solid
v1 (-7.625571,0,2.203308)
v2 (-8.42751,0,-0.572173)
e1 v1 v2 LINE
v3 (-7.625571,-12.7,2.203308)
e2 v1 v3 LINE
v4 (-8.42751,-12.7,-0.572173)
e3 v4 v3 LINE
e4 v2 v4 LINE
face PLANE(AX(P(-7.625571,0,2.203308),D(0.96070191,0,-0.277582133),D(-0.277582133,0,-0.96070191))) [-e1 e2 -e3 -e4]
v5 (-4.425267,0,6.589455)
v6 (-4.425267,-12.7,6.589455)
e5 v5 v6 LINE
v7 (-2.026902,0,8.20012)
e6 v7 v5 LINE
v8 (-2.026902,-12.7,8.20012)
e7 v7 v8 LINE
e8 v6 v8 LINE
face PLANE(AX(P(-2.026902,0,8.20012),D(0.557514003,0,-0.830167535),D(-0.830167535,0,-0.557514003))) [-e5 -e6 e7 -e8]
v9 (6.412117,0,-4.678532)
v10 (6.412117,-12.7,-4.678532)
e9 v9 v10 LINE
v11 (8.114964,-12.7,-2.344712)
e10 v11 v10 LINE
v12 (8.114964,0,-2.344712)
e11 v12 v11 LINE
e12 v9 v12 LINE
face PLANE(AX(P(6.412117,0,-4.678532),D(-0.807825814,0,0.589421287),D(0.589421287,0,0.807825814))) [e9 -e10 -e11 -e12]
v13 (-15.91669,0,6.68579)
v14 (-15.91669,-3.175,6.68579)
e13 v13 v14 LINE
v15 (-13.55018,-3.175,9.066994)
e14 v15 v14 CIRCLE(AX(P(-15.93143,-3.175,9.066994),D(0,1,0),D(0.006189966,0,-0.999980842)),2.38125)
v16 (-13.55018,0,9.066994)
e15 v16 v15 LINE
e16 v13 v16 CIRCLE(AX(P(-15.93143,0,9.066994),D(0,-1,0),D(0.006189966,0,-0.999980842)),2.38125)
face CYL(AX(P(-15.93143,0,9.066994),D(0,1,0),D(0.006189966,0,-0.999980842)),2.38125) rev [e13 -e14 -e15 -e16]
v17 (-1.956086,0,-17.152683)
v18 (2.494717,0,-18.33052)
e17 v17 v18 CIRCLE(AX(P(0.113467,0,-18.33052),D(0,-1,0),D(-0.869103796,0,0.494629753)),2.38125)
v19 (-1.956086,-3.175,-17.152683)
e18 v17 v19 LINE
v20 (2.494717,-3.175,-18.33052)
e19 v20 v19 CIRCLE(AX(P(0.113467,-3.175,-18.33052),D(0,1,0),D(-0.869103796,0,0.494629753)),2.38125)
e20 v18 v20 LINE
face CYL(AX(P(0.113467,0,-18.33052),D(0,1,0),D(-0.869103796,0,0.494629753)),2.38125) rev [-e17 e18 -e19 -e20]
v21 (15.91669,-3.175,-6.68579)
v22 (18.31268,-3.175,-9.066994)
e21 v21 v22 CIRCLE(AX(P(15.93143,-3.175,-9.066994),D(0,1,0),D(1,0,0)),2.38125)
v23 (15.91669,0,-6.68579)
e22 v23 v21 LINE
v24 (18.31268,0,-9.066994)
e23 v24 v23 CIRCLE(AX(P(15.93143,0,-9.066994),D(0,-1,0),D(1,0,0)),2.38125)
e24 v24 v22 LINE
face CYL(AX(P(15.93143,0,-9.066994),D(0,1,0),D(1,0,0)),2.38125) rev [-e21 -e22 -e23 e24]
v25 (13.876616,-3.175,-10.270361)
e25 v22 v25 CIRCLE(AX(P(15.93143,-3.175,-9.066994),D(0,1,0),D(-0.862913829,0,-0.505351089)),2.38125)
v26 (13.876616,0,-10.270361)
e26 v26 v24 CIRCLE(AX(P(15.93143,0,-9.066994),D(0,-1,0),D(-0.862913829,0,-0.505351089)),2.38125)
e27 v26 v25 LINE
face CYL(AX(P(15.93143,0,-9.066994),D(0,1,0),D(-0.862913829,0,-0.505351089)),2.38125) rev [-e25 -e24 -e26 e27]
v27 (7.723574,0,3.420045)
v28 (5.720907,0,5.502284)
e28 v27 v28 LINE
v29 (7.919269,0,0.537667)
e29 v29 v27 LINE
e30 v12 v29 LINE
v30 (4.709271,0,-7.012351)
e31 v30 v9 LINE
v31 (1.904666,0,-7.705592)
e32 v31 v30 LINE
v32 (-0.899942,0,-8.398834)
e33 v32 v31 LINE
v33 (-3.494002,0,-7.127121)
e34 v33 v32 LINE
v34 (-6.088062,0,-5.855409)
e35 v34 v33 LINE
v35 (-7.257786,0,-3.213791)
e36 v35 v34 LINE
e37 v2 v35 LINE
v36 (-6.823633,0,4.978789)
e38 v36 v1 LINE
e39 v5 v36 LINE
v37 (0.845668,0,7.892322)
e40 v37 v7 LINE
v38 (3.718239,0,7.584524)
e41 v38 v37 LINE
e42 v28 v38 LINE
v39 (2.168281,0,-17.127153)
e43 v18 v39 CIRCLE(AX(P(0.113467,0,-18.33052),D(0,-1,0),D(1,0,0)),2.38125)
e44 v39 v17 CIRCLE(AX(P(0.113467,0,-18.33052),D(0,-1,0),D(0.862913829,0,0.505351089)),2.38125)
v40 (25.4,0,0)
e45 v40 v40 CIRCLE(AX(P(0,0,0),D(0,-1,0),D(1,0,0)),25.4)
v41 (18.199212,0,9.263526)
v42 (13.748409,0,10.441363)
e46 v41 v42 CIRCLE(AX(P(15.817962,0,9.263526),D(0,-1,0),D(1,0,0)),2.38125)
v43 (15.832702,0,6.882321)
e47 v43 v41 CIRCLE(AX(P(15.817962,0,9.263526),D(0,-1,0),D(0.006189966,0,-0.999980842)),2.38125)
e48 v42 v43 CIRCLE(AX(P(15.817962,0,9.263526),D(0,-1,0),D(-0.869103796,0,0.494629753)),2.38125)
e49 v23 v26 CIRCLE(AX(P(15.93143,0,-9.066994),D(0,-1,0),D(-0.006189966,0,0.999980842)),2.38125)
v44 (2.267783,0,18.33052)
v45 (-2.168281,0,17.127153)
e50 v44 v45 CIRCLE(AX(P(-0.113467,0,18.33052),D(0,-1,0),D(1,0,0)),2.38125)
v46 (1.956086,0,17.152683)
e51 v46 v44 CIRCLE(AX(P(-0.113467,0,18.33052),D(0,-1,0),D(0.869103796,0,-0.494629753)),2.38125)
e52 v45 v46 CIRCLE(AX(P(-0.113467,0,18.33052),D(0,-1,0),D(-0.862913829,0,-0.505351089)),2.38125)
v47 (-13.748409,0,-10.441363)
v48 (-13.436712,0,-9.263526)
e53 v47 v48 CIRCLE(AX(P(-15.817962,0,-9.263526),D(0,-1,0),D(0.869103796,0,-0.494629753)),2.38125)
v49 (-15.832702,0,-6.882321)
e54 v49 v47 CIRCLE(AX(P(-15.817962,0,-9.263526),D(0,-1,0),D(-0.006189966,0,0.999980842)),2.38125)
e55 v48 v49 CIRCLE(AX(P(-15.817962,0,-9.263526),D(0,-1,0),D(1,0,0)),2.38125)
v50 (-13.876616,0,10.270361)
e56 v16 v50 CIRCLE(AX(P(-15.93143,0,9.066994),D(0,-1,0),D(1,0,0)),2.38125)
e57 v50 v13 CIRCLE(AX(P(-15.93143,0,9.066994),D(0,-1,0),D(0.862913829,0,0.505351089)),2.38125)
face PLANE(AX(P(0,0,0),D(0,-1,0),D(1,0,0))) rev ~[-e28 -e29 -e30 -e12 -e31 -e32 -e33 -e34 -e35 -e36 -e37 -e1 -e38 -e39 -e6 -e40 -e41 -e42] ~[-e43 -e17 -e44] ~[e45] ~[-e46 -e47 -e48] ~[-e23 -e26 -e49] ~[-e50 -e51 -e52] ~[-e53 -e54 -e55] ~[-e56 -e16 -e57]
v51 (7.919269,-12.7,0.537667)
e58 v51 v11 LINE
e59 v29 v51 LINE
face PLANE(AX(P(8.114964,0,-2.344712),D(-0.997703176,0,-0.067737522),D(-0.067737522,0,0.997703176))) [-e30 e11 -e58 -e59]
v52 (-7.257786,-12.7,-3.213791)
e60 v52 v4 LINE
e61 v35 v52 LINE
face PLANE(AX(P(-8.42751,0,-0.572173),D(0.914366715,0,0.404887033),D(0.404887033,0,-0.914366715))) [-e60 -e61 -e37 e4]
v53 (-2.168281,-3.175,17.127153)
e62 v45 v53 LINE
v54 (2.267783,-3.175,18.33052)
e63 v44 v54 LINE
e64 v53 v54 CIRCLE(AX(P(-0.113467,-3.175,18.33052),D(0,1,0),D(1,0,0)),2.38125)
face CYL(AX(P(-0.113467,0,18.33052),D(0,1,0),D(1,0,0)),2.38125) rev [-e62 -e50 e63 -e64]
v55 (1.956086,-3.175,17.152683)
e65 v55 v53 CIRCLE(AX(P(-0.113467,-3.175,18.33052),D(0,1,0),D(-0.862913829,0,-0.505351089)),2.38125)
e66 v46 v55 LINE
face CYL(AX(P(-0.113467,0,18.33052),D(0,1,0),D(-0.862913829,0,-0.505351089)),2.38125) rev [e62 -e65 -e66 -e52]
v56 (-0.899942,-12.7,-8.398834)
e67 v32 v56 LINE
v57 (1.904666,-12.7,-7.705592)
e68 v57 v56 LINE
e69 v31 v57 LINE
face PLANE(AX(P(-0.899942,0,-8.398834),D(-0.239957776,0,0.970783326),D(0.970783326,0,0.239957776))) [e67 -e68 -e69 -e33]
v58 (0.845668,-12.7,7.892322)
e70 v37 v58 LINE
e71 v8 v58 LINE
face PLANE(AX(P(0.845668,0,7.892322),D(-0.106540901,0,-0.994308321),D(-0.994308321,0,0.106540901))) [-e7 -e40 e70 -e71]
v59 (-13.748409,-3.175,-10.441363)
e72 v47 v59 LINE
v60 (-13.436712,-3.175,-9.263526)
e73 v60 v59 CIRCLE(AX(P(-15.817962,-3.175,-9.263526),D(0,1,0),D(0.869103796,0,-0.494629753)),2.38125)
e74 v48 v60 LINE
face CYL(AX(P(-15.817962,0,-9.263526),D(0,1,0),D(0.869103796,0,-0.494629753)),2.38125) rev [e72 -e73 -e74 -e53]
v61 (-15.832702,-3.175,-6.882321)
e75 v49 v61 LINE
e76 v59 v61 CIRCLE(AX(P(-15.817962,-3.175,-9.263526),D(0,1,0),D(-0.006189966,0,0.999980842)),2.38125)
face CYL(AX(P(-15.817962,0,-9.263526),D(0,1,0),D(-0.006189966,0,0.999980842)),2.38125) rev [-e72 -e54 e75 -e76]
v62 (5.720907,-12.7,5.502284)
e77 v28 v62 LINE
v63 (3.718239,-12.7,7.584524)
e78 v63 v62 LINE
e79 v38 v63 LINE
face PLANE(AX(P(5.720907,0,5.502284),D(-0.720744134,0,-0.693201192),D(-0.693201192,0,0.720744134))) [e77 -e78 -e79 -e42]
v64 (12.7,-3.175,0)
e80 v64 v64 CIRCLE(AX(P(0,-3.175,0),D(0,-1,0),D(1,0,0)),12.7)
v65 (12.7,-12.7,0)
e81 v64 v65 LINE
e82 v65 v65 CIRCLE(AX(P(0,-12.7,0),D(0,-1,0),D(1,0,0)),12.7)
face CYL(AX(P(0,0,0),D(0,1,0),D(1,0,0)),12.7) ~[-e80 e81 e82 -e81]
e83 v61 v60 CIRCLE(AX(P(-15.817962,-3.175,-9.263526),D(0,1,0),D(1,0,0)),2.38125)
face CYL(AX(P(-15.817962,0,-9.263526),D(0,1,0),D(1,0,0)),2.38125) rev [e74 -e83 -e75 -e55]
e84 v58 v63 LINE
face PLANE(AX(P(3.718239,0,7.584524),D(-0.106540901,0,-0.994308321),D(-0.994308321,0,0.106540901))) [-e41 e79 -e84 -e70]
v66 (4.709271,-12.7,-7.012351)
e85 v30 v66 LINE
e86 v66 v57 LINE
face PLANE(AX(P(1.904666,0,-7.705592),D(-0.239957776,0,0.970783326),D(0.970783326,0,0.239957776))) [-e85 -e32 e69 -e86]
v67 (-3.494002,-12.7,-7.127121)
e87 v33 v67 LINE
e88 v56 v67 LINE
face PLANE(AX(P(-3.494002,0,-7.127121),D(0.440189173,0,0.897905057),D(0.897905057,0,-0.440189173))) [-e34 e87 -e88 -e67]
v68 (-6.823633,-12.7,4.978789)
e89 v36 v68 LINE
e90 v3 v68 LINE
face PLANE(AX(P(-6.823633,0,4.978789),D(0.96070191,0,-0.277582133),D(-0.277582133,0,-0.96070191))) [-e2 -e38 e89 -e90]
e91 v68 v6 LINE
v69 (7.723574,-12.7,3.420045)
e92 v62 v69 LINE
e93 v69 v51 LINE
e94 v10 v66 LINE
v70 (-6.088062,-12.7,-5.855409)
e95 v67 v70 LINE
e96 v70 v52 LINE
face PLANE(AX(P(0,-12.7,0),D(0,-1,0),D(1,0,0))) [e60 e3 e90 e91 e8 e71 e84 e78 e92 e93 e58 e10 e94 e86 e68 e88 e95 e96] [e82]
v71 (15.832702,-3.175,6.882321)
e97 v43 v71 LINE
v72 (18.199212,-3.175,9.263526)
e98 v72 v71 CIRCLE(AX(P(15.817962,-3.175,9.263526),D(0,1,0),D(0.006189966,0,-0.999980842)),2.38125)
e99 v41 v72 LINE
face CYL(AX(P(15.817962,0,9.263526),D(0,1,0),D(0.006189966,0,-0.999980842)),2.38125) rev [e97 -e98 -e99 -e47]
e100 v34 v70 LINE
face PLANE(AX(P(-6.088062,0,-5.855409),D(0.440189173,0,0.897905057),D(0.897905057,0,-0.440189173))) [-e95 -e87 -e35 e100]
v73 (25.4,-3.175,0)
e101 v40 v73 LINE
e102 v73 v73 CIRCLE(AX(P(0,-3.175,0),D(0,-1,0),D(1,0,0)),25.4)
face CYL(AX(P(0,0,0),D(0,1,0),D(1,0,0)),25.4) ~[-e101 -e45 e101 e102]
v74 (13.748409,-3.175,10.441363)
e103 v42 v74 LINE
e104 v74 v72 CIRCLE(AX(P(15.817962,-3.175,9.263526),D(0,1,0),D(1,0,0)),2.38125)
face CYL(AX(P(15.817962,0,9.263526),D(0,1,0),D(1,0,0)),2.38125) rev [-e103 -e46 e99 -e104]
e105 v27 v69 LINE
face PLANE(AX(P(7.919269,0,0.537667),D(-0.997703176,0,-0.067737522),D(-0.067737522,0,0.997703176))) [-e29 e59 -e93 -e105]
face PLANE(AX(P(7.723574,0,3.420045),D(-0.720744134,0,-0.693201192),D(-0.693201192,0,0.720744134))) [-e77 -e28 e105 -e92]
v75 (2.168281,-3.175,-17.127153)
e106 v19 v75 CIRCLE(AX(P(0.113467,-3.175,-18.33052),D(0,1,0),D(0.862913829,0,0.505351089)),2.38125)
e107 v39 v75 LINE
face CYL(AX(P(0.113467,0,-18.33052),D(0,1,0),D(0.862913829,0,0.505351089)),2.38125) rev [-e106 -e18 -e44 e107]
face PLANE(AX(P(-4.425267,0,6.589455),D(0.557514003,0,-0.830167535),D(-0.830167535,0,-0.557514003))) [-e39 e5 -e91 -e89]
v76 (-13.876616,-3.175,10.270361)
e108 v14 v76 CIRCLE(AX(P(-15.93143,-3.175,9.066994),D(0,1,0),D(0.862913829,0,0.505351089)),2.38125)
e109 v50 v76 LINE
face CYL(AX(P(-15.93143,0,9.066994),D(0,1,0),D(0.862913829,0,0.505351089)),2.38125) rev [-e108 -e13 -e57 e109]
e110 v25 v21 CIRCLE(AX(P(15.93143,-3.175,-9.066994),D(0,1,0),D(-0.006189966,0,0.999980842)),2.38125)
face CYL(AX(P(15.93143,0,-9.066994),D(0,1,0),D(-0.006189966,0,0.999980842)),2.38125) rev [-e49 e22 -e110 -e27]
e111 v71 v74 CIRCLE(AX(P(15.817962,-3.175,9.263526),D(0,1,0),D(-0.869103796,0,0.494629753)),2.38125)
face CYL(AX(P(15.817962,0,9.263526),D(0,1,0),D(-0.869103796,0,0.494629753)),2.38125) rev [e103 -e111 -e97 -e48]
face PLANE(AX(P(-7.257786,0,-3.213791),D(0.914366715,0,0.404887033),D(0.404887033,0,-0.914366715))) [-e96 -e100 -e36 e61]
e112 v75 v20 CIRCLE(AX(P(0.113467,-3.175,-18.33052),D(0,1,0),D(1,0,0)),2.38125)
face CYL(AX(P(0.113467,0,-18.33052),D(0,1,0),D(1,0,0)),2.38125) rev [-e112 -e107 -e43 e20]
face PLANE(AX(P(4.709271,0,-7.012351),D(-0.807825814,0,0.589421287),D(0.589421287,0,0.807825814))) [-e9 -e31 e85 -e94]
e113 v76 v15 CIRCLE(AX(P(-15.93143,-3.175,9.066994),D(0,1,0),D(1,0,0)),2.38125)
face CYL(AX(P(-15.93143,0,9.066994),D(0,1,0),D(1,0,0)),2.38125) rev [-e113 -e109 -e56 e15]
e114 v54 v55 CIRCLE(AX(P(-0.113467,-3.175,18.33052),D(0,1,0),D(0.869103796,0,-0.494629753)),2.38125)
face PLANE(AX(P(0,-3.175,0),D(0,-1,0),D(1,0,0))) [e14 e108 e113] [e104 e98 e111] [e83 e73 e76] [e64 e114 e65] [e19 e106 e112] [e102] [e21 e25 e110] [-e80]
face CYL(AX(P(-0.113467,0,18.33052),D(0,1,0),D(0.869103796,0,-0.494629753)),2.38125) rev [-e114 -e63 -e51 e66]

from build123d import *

# Parameters (mm, degrees)
F0_R     = 25.4
F0_R_2   = 12.7
F1_DEPTH = 3.175
F2_R     = 12.7
F3_DEPTH = 12.7
F4_R     = 7.9375
F5_DEPTH = 76.2
F7_DEPTH = 25.4
F9_DEPTH = 50.8


with BuildPart() as f1:
    # F0 (on Front) → F1 (new body)
    with BuildSketch(Plane.XZ):
        Circle(F0_R)
        Circle(F0_R_2, mode=Mode.SUBTRACT)
    extrude(amount=F1_DEPTH)

    # F2 (on Front) → F3 (join)
    with BuildSketch(Plane.XZ):
        Circle(F2_R)
    extrude(amount=F3_DEPTH)

    # F4 (on Front) → F5 (cut)
    with BuildSketch(Plane.XZ):
        Circle(F4_R)
    extrude(amount=F5_DEPTH, mode=Mode.SUBTRACT)

    # F6 (on Front) → F7 (cut)
    with BuildSketch(Plane.XZ):
        with BuildLine():
            Line((-0.1134674759, 18.3305198635), (1.9560859375, 17.1526827645))
            ThreePointArc((1.9560859375, 17.1526827645), (2.1885398686, 17.7213288028), (2.2677825241, 18.3305198635))
            ThreePointArc((2.2677825241, 18.3305198635), (-0.7368962138, 20.6287122338), (-2.1682810318, 17.1271525825))
            Line((-2.1682810318, 17.1271525825), (-0.1134674759, 18.3305198635))
        make_face()
        with BuildLine():
            ThreePointArc((-2.1682810318, 17.1271525825), (-0.0987276184, 15.9493154835), (1.9560859375, 17.1526827645))
            Line((1.9560859375, 17.1526827645), (-0.1134674759, 18.3305198635))
            Line((-0.1134674759, 18.3305198635), (-2.1682810318, 17.1271525825))
        make_face()
        with BuildLine():
            Line((-15.9314296043, 9.0669942151), (-13.8766160484, 10.2703614961))
            ThreePointArc((-13.8766160484, 10.2703614961), (-18.0009830177, 10.2448313141), (-15.9166897468, 6.6857898352))
            Line((-15.9166897468, 6.6857898352), (-15.9314296043, 9.0669942151))
        make_face()
        with BuildLine():
            ThreePointArc((-13.5501796043, 9.0669942151), (-13.6332372339, 9.690422953), (-13.8766160484, 10.2703614961))
            Line((-13.8766160484, 10.2703614961), (-15.9314296043, 9.0669942151))
            Line((-15.9314296043, 9.0669942151), (-15.9166897468, 6.6857898352))
            ThreePointArc((-15.9166897468, 6.6857898352), (-14.2424282946, 7.3884156085), (-13.5501796043, 9.0669942151))
        make_face()
        with BuildLine():
            Line((15.8179621284, 9.2635256484), (15.8327019859, 6.8823212684))
            ThreePointArc((15.8327019859, 6.8823212684), (17.5069634381, 7.5849470418), (18.1992121284, 9.2635256484))
            ThreePointArc((18.1992121284, 9.2635256484), (16.4271531891, 11.5655329928), (13.748408715, 10.4413627473))
            Line((13.748408715, 10.4413627473), (15.8179621284, 9.2635256484))
        make_face()
        with BuildLine():
            ThreePointArc((13.748408715, 10.4413627473), (13.7631485725, 8.0601583673), (15.8327019859, 6.8823212684))
            Line((15.8327019859, 6.8823212684), (15.8179621284, 9.2635256484))
            Line((15.8179621284, 9.2635256484), (13.748408715, 10.4413627473))
        make_face()
        with BuildLine():
            ThreePointArc((18.3126796043, -9.0669942151), (17.6100082109, -7.3779929054), (15.9166897468, -6.6857898352))
            Line((15.9166897468, -6.6857898352), (15.9314296043, -9.0669942151))
            Line((15.9314296043, -9.0669942151), (13.8766160484, -10.2703614961))
            ThreePointArc((13.8766160484, -10.2703614961), (16.5548583422, -11.3651865855), (18.3126796043, -9.0669942151))
        make_face()
        with BuildLine():
            Line((15.9314296043, -9.0669942151), (15.9166897468, -6.6857898352))
            ThreePointArc((15.9166897468, -6.6857898352), (13.8618761909, -7.8891571162), (13.8766160484, -10.2703614961))
            Line((13.8766160484, -10.2703614961), (15.9314296043, -9.0669942151))
        make_face()
        with BuildLine():
            ThreePointArc((2.4947174759, -18.3305198635), (2.4116598463, -17.7070911256), (2.1682810318, -17.1271525825))
            Line((2.1682810318, -17.1271525825), (0.1134674759, -18.3305198635))
            Line((0.1134674759, -18.3305198635), (-1.9560859375, -17.1526827645))
            ThreePointArc((-1.9560859375, -17.1526827645), (-0.4957235848, -20.632527208), (2.4947174759, -18.3305198635))
        make_face()
        with BuildLine():
            Line((0.1134674759, -18.3305198635), (2.1682810318, -17.1271525825))
            ThreePointArc((2.1682810318, -17.1271525825), (0.0987276184, -15.9493154835), (-1.9560859375, -17.1526827645))
            Line((-1.9560859375, -17.1526827645), (0.1134674759, -18.3305198635))
        make_face()
        with BuildLine():
            ThreePointArc((-15.8327019859, -6.8823212684), (-17.8727756843, -10.4668929294), (-13.748408715, -10.4413627473))
            Line((-13.748408715, -10.4413627473), (-15.8179621284, -9.2635256484))
            Line((-15.8179621284, -9.2635256484), (-15.8327019859, -6.8823212684))
        make_face()
        with BuildLine():
            Line((-15.8179621284, -9.2635256484), (-13.748408715, -10.4413627473))
            ThreePointArc((-13.748408715, -10.4413627473), (-13.5159547839, -9.8727167091), (-13.4367121284, -9.2635256484))
            ThreePointArc((-13.4367121284, -9.2635256484), (-14.1393835218, -7.5745243387), (-15.8327019859, -6.8823212684))
            Line((-15.8327019859, -6.8823212684), (-15.8179621284, -9.2635256484))
        make_face()
    extrude(amount=F7_DEPTH, mode=Mode.SUBTRACT)

    # F8 (on Front) → F9 (cut)
    with BuildSketch(Plane.XZ):
        with BuildLine():
            ThreePointArc((-4.4252673903, 6.5894548162), (-1.9046648273, 7.7055926538), (0.8456684244, 7.8923222923))
            Line((0.8456684244, 7.8923222923), (-2.026901991, 8.2001204215))
            Line((-2.026901991, 8.2001204215), (-4.4252673903, 6.5894548162))
        make_face()
        with BuildLine():
            ThreePointArc((-7.62557139, 2.203308246), (-6.4121173773, 4.6785314992), (-4.4252673903, 6.5894548162))
            Line((-4.4252673903, 6.5894548162), (-6.8236328118, 4.9787891959))
            Line((-6.8236328118, 4.9787891959), (-7.62557139, 2.203308246))
        make_face()
        with BuildLine():
            ThreePointArc((0.8456684244, 7.8923222923), (3.4940015971, 7.1271213747), (5.7209066054, 5.5022844222))
            Line((5.7209066054, 5.5022844222), (3.7182387979, 7.5845241677))
            Line((3.7182387979, 7.5845241677), (0.8456684244, 7.8923222923))
        make_face()
        with BuildLine():
            ThreePointArc((5.7209066054, 5.5022844222), (7.2577858275, 3.2137907729), (7.919268966, 0.5376665262))
            Line((7.919268966, 0.5376665262), (7.7235743297, 3.4200447632))
            Line((7.7235743297, 3.4200447632), (5.7209066054, 5.5022844222))
        make_face()
        with BuildLine():
            Line((-0.8999415178, -8.3988339591), (1.9046660077, -7.705592362))
            ThreePointArc((1.9046660077, -7.705592362), (-0.8456678406, -7.8923223549), (-3.4940016205, -7.1271213632))
            Line((-3.4940016205, -7.1271213632), (-0.8999415178, -8.3988339591))
        make_face()
        with BuildLine():
            Line((4.7092712059, -7.0123513401), (6.4121173532, -4.6785315323))
            ThreePointArc((6.4121173532, -4.6785315323), (4.4252678659, -6.5894544968), (1.9046660077, -7.705592362))
            Line((1.9046660077, -7.705592362), (4.7092712059, -7.0123513401))
        make_face()
        with BuildLine():
            Line((-8.4275100038, -0.5721728275), (-7.2577857868, -3.2137908648))
            ThreePointArc((-7.2577857868, -3.2137908648), (-7.9192689629, -0.5376665725), (-7.62557139, 2.203308246))
            Line((-7.62557139, 2.203308246), (-8.4275100038, -0.5721728275))
        make_face()
        with BuildLine():
            Line((-6.0880616036, -5.855408826), (-3.4940016205, -7.1271213632))
            ThreePointArc((-3.4940016205, -7.1271213632), (-5.7209065724, -5.5022844564), (-7.2577857868, -3.2137908648))
            Line((-7.2577857868, -3.2137908648), (-6.0880616036, -5.855408826))
        make_face()
        with BuildLine():
            ThreePointArc((7.919268966, 0.5376665262), (7.9329409322, 0.2689877618), (7.9375, 0))
            ThreePointArc((7.9375, 0), (7.5465252846, -2.4604597903), (6.4121173532, -4.6785315323))
            Line((6.4121173532, -4.6785315323), (8.1149635946, -2.3447115955))
            Line((8.1149635946, -2.3447115955), (7.919268966, 0.5376665262))
        make_face()
    extrude(amount=F9_DEPTH, mode=Mode.SUBTRACT)


solid = f1.part
